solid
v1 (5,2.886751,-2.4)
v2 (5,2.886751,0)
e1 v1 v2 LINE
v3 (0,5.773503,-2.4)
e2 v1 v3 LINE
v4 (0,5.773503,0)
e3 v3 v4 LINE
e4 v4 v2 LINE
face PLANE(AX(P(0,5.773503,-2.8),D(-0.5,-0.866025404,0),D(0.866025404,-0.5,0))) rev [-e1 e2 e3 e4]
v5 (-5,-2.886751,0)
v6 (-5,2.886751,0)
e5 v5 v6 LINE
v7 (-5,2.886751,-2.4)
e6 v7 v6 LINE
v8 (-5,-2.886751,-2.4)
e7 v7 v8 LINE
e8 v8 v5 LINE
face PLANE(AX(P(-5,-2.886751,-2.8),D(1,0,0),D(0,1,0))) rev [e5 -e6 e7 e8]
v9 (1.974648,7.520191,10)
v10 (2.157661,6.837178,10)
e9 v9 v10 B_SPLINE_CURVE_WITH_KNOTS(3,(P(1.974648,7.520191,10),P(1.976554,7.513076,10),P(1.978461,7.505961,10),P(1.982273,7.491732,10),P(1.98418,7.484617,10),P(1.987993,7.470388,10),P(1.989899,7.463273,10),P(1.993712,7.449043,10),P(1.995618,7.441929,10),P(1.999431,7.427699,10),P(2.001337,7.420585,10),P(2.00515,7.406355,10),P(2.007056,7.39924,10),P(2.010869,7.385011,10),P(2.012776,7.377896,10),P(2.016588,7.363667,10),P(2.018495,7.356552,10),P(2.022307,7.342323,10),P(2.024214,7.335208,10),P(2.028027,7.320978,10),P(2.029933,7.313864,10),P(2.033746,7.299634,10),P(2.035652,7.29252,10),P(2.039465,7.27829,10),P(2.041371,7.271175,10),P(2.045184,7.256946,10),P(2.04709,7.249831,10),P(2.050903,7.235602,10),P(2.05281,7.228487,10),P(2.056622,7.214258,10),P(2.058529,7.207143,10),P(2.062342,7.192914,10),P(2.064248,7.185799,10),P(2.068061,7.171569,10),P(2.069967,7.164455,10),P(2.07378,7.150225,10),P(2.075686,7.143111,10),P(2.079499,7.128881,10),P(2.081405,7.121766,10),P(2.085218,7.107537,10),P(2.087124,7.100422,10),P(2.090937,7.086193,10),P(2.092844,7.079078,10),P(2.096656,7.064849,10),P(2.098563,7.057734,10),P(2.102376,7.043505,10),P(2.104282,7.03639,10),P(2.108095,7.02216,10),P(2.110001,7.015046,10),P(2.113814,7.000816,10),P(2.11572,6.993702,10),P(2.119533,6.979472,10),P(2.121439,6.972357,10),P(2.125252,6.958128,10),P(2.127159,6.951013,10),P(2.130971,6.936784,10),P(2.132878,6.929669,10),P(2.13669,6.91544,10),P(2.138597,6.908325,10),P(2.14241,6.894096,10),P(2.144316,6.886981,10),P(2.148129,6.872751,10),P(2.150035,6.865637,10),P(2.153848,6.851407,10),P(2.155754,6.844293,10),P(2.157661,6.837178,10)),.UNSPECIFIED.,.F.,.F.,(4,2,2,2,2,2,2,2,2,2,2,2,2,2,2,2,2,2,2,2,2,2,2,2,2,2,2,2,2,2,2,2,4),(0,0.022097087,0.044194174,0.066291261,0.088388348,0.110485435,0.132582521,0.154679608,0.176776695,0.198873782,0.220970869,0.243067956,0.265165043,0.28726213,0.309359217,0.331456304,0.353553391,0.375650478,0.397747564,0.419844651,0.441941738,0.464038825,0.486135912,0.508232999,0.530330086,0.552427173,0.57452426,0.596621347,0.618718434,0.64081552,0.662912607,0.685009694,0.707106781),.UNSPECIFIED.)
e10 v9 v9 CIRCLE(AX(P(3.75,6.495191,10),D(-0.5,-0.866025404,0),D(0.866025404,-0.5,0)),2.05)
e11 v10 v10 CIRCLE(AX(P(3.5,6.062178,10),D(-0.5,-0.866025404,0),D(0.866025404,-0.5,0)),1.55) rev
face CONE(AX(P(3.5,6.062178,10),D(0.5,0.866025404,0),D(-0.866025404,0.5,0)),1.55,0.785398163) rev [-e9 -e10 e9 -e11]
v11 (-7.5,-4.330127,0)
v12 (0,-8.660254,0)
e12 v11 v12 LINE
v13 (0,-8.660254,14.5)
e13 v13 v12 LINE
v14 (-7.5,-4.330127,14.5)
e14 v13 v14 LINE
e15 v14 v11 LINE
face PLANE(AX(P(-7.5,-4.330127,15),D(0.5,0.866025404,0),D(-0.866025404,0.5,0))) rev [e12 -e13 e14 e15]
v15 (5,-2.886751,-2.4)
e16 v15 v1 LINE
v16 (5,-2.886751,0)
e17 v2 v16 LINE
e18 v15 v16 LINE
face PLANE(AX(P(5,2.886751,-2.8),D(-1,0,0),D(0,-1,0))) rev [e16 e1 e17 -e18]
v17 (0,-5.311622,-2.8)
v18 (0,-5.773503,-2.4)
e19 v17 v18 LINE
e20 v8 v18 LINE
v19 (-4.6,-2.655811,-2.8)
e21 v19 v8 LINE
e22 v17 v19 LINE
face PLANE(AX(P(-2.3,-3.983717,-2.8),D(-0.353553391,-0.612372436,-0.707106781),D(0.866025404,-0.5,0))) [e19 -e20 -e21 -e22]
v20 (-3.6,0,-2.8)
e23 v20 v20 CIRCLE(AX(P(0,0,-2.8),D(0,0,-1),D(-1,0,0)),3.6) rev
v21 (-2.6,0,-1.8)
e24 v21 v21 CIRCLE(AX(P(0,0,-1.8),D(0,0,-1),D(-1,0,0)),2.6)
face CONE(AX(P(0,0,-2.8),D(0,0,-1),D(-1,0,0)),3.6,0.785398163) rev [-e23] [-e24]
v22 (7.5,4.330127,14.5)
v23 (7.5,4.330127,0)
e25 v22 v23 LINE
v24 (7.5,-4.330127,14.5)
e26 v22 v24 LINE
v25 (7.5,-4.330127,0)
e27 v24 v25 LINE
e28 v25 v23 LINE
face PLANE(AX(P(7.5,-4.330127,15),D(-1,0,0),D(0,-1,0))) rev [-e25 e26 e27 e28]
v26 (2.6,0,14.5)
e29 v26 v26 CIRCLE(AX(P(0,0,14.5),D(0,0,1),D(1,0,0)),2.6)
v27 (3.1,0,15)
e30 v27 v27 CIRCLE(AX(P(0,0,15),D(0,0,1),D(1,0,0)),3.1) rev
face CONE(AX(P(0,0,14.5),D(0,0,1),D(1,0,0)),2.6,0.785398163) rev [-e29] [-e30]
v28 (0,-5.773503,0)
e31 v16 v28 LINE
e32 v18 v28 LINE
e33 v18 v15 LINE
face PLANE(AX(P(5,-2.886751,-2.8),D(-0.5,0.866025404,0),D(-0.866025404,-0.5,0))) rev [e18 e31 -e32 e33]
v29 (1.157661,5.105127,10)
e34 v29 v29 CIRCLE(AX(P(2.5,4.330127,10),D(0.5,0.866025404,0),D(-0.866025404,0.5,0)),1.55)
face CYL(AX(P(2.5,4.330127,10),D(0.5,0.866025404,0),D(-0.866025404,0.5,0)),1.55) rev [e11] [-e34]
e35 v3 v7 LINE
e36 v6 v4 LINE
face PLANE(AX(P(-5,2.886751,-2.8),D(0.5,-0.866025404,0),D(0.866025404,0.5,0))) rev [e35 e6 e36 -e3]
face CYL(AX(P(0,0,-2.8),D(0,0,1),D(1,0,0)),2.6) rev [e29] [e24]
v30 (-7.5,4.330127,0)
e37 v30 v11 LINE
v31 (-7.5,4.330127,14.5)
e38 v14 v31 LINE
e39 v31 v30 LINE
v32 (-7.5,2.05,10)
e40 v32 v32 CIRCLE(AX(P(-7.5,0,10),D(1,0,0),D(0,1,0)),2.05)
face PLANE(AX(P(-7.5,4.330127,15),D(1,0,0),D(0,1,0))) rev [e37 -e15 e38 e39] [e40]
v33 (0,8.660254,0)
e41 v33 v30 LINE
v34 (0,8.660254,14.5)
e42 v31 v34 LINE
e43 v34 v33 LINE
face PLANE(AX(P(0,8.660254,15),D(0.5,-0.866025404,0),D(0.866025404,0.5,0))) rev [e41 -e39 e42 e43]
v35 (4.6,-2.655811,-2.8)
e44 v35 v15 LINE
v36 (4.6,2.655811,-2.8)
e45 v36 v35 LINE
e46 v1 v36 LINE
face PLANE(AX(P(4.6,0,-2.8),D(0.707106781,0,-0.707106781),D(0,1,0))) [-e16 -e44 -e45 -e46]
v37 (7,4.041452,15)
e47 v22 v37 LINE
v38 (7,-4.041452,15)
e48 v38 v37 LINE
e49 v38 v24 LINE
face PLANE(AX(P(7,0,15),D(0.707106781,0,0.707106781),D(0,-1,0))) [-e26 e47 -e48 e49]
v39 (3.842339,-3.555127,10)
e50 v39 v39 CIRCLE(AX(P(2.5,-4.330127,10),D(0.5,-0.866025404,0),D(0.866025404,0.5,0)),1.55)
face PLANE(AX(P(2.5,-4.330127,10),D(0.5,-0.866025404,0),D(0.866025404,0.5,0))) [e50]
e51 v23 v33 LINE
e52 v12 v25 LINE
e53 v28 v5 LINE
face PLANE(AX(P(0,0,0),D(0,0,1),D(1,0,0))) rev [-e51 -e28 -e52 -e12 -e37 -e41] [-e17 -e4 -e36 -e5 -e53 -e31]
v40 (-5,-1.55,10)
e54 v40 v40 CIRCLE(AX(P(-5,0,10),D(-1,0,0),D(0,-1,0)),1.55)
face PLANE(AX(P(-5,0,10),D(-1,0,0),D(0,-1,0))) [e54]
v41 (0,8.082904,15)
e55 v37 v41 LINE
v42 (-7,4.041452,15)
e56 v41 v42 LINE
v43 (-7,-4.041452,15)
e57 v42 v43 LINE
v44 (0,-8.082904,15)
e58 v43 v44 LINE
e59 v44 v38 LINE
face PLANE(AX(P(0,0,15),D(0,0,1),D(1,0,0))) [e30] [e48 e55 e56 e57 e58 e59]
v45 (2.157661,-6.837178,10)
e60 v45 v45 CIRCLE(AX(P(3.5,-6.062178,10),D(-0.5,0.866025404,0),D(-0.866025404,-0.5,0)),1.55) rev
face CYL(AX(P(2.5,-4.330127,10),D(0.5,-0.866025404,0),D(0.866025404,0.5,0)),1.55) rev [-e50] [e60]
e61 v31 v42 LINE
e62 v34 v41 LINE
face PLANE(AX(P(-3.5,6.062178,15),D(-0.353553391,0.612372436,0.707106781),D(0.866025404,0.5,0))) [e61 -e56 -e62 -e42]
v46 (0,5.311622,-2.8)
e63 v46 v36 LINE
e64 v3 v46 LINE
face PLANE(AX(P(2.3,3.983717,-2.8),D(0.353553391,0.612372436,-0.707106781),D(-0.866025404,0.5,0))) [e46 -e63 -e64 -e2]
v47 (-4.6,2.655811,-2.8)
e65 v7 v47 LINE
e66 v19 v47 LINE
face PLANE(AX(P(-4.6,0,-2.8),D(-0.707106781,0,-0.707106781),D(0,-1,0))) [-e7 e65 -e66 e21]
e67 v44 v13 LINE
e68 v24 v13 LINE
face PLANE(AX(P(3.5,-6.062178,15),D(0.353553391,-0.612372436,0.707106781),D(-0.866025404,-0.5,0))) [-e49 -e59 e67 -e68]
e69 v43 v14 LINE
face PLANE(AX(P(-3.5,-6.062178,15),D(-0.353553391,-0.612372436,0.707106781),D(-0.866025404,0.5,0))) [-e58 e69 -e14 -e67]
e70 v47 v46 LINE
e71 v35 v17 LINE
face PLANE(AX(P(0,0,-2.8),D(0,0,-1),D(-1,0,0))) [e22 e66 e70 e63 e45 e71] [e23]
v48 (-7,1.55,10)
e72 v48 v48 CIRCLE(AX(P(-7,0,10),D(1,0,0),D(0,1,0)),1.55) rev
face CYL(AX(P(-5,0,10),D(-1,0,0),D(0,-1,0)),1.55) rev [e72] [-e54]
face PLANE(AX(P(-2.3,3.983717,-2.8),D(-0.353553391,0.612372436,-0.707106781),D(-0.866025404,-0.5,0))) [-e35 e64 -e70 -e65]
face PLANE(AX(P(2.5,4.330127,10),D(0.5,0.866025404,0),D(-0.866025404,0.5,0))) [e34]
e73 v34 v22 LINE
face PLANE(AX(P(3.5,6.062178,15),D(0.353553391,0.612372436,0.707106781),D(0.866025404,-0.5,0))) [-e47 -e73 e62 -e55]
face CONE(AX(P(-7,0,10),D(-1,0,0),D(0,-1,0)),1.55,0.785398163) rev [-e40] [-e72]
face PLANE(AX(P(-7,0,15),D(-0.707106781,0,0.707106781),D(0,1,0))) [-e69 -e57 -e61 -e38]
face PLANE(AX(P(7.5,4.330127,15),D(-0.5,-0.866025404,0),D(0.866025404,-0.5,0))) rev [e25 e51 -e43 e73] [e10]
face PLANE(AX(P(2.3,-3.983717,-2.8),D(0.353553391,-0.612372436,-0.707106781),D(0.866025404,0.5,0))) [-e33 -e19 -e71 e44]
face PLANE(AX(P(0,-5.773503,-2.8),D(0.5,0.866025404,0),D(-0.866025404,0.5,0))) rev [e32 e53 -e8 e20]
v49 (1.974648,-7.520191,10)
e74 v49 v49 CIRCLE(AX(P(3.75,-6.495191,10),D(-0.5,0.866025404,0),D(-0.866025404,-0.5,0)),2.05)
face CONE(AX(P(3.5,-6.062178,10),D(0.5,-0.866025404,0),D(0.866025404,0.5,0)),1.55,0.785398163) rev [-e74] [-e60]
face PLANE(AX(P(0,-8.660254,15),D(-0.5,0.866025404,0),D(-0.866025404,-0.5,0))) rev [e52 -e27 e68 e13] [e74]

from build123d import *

# Parameters (mm, degrees)
BOSS_EXTRUDE1_DEPTH = 15
BOSS_EXTRUDE2_DEPTH = 2.8
SKETCH2_R           = 2.6
CUT_EXTRUDE1_DEPTH  = 22.168136432
SKETCH4_R           = 1.55
CUT_EXTRUDE3_DEPTH  = 2.5
CIRPATTERN1_COUNT   = 3
CHAMFER1_SIZE       = 0.5
CHAMFER2_SIZE       = 0.5
CHAMFER3_SIZE       = 1
CHAMFER4_SIZE       = 0.4


with BuildPart() as part:
    # Sketch1 → Boss-Extrude1 (new body)
    with BuildSketch(Plane.XY):
        Polygon((0, 8.660254038), (-7.5, 4.330127019), (-7.5, -4.330127019), (0, -8.660254038), (7.5, -4.330127019), (7.5, 4.330127019), align=None)
    extrude(amount=BOSS_EXTRUDE1_DEPTH)

    # Sketch3 → Boss-Extrude2 (add)
    with BuildSketch(Plane(origin=(0, 0, 0), x_dir=(-1, 0, 0), z_dir=(0, 0, -1))):
        Polygon((0, 5.773502692), (-5, 2.886751346), (-5, -2.886751346), (0, -5.773502692), (5, -2.886751346), (5, 2.886751346), align=None)
    extrude(amount=BOSS_EXTRUDE2_DEPTH)

    # Sketch2 → Cut-Extrude1 (cut, through all)
    with BuildSketch(Plane.XY.offset(15)):
        Circle(SKETCH2_R)
    extrude(amount=-CUT_EXTRUDE1_DEPTH, mode=Mode.SUBTRACT)

    # Sketch4 → Cut-Extrude3 (cut)
    with BuildSketch(Plane(origin=(3.75, 6.495190528, 0), x_dir=(0.8660254037844417, -0.4999999999999949, 0), z_dir=(0.4999999999999949, 0.8660254037844417, 0))):
        with Locations((0, -10)):
            Circle(SKETCH4_R)
    cut_extrude3 = extrude(amount=-CUT_EXTRUDE3_DEPTH, mode=Mode.SUBTRACT)

    # CirPattern1: Cut-Extrude3 ×3 about axis
    cirpattern1_axis = Axis((0, 0, 15), (0, 0, 1))
    for i in range(1, CIRPATTERN1_COUNT):
        add(cut_extrude3.rotate(cirpattern1_axis, i * 360 / CIRPATTERN1_COUNT), mode=Mode.SUBTRACT)

    # Chamfer1
    chamfer1_edges = [part.edges().sort_by_distance(p)[0] for p in [
        (7.5, 0, 15),
        (3.75, -6.495190528, 15),
        (-3.75, -6.495190528, 15),
        (-7.5, 0, 15),
        (-3.75, 6.495190528, 15),
        (3.75, 6.495190528, 15),
        (-2.6, 0, 15),
    ]]
    chamfer(chamfer1_edges, length=CHAMFER1_SIZE)

    # Chamfer2
    chamfer2_edges = [part.edges().sort_by_distance(p)[0] for p in [
        (-7.5, -1.55, 10),
        (5.092339376, -5.720190528, 10),
        (2.407660624, 7.270190528, 10),
    ]]
    chamfer(chamfer2_edges, length=CHAMFER2_SIZE)

    # Chamfer3
    chamfer3_edges = [part.edges().sort_by_distance(p)[0] for p in [
        (-2.6, 0, -2.8),
    ]]
    chamfer(chamfer3_edges, length=CHAMFER3_SIZE)

    # Chamfer4
    chamfer4_edges = [part.edges().sort_by_distance(p)[0] for p in [
        (-5, 0, -2.8),
        (-2.5, -4.330127019, -2.8),
        (2.5, -4.330127019, -2.8),
        (5, 0, -2.8),
        (2.5, 4.330127019, -2.8),
        (-2.5, 4.330127019, -2.8),
    ]]
    chamfer(chamfer4_edges, length=CHAMFER4_SIZE)


solid = part.part
